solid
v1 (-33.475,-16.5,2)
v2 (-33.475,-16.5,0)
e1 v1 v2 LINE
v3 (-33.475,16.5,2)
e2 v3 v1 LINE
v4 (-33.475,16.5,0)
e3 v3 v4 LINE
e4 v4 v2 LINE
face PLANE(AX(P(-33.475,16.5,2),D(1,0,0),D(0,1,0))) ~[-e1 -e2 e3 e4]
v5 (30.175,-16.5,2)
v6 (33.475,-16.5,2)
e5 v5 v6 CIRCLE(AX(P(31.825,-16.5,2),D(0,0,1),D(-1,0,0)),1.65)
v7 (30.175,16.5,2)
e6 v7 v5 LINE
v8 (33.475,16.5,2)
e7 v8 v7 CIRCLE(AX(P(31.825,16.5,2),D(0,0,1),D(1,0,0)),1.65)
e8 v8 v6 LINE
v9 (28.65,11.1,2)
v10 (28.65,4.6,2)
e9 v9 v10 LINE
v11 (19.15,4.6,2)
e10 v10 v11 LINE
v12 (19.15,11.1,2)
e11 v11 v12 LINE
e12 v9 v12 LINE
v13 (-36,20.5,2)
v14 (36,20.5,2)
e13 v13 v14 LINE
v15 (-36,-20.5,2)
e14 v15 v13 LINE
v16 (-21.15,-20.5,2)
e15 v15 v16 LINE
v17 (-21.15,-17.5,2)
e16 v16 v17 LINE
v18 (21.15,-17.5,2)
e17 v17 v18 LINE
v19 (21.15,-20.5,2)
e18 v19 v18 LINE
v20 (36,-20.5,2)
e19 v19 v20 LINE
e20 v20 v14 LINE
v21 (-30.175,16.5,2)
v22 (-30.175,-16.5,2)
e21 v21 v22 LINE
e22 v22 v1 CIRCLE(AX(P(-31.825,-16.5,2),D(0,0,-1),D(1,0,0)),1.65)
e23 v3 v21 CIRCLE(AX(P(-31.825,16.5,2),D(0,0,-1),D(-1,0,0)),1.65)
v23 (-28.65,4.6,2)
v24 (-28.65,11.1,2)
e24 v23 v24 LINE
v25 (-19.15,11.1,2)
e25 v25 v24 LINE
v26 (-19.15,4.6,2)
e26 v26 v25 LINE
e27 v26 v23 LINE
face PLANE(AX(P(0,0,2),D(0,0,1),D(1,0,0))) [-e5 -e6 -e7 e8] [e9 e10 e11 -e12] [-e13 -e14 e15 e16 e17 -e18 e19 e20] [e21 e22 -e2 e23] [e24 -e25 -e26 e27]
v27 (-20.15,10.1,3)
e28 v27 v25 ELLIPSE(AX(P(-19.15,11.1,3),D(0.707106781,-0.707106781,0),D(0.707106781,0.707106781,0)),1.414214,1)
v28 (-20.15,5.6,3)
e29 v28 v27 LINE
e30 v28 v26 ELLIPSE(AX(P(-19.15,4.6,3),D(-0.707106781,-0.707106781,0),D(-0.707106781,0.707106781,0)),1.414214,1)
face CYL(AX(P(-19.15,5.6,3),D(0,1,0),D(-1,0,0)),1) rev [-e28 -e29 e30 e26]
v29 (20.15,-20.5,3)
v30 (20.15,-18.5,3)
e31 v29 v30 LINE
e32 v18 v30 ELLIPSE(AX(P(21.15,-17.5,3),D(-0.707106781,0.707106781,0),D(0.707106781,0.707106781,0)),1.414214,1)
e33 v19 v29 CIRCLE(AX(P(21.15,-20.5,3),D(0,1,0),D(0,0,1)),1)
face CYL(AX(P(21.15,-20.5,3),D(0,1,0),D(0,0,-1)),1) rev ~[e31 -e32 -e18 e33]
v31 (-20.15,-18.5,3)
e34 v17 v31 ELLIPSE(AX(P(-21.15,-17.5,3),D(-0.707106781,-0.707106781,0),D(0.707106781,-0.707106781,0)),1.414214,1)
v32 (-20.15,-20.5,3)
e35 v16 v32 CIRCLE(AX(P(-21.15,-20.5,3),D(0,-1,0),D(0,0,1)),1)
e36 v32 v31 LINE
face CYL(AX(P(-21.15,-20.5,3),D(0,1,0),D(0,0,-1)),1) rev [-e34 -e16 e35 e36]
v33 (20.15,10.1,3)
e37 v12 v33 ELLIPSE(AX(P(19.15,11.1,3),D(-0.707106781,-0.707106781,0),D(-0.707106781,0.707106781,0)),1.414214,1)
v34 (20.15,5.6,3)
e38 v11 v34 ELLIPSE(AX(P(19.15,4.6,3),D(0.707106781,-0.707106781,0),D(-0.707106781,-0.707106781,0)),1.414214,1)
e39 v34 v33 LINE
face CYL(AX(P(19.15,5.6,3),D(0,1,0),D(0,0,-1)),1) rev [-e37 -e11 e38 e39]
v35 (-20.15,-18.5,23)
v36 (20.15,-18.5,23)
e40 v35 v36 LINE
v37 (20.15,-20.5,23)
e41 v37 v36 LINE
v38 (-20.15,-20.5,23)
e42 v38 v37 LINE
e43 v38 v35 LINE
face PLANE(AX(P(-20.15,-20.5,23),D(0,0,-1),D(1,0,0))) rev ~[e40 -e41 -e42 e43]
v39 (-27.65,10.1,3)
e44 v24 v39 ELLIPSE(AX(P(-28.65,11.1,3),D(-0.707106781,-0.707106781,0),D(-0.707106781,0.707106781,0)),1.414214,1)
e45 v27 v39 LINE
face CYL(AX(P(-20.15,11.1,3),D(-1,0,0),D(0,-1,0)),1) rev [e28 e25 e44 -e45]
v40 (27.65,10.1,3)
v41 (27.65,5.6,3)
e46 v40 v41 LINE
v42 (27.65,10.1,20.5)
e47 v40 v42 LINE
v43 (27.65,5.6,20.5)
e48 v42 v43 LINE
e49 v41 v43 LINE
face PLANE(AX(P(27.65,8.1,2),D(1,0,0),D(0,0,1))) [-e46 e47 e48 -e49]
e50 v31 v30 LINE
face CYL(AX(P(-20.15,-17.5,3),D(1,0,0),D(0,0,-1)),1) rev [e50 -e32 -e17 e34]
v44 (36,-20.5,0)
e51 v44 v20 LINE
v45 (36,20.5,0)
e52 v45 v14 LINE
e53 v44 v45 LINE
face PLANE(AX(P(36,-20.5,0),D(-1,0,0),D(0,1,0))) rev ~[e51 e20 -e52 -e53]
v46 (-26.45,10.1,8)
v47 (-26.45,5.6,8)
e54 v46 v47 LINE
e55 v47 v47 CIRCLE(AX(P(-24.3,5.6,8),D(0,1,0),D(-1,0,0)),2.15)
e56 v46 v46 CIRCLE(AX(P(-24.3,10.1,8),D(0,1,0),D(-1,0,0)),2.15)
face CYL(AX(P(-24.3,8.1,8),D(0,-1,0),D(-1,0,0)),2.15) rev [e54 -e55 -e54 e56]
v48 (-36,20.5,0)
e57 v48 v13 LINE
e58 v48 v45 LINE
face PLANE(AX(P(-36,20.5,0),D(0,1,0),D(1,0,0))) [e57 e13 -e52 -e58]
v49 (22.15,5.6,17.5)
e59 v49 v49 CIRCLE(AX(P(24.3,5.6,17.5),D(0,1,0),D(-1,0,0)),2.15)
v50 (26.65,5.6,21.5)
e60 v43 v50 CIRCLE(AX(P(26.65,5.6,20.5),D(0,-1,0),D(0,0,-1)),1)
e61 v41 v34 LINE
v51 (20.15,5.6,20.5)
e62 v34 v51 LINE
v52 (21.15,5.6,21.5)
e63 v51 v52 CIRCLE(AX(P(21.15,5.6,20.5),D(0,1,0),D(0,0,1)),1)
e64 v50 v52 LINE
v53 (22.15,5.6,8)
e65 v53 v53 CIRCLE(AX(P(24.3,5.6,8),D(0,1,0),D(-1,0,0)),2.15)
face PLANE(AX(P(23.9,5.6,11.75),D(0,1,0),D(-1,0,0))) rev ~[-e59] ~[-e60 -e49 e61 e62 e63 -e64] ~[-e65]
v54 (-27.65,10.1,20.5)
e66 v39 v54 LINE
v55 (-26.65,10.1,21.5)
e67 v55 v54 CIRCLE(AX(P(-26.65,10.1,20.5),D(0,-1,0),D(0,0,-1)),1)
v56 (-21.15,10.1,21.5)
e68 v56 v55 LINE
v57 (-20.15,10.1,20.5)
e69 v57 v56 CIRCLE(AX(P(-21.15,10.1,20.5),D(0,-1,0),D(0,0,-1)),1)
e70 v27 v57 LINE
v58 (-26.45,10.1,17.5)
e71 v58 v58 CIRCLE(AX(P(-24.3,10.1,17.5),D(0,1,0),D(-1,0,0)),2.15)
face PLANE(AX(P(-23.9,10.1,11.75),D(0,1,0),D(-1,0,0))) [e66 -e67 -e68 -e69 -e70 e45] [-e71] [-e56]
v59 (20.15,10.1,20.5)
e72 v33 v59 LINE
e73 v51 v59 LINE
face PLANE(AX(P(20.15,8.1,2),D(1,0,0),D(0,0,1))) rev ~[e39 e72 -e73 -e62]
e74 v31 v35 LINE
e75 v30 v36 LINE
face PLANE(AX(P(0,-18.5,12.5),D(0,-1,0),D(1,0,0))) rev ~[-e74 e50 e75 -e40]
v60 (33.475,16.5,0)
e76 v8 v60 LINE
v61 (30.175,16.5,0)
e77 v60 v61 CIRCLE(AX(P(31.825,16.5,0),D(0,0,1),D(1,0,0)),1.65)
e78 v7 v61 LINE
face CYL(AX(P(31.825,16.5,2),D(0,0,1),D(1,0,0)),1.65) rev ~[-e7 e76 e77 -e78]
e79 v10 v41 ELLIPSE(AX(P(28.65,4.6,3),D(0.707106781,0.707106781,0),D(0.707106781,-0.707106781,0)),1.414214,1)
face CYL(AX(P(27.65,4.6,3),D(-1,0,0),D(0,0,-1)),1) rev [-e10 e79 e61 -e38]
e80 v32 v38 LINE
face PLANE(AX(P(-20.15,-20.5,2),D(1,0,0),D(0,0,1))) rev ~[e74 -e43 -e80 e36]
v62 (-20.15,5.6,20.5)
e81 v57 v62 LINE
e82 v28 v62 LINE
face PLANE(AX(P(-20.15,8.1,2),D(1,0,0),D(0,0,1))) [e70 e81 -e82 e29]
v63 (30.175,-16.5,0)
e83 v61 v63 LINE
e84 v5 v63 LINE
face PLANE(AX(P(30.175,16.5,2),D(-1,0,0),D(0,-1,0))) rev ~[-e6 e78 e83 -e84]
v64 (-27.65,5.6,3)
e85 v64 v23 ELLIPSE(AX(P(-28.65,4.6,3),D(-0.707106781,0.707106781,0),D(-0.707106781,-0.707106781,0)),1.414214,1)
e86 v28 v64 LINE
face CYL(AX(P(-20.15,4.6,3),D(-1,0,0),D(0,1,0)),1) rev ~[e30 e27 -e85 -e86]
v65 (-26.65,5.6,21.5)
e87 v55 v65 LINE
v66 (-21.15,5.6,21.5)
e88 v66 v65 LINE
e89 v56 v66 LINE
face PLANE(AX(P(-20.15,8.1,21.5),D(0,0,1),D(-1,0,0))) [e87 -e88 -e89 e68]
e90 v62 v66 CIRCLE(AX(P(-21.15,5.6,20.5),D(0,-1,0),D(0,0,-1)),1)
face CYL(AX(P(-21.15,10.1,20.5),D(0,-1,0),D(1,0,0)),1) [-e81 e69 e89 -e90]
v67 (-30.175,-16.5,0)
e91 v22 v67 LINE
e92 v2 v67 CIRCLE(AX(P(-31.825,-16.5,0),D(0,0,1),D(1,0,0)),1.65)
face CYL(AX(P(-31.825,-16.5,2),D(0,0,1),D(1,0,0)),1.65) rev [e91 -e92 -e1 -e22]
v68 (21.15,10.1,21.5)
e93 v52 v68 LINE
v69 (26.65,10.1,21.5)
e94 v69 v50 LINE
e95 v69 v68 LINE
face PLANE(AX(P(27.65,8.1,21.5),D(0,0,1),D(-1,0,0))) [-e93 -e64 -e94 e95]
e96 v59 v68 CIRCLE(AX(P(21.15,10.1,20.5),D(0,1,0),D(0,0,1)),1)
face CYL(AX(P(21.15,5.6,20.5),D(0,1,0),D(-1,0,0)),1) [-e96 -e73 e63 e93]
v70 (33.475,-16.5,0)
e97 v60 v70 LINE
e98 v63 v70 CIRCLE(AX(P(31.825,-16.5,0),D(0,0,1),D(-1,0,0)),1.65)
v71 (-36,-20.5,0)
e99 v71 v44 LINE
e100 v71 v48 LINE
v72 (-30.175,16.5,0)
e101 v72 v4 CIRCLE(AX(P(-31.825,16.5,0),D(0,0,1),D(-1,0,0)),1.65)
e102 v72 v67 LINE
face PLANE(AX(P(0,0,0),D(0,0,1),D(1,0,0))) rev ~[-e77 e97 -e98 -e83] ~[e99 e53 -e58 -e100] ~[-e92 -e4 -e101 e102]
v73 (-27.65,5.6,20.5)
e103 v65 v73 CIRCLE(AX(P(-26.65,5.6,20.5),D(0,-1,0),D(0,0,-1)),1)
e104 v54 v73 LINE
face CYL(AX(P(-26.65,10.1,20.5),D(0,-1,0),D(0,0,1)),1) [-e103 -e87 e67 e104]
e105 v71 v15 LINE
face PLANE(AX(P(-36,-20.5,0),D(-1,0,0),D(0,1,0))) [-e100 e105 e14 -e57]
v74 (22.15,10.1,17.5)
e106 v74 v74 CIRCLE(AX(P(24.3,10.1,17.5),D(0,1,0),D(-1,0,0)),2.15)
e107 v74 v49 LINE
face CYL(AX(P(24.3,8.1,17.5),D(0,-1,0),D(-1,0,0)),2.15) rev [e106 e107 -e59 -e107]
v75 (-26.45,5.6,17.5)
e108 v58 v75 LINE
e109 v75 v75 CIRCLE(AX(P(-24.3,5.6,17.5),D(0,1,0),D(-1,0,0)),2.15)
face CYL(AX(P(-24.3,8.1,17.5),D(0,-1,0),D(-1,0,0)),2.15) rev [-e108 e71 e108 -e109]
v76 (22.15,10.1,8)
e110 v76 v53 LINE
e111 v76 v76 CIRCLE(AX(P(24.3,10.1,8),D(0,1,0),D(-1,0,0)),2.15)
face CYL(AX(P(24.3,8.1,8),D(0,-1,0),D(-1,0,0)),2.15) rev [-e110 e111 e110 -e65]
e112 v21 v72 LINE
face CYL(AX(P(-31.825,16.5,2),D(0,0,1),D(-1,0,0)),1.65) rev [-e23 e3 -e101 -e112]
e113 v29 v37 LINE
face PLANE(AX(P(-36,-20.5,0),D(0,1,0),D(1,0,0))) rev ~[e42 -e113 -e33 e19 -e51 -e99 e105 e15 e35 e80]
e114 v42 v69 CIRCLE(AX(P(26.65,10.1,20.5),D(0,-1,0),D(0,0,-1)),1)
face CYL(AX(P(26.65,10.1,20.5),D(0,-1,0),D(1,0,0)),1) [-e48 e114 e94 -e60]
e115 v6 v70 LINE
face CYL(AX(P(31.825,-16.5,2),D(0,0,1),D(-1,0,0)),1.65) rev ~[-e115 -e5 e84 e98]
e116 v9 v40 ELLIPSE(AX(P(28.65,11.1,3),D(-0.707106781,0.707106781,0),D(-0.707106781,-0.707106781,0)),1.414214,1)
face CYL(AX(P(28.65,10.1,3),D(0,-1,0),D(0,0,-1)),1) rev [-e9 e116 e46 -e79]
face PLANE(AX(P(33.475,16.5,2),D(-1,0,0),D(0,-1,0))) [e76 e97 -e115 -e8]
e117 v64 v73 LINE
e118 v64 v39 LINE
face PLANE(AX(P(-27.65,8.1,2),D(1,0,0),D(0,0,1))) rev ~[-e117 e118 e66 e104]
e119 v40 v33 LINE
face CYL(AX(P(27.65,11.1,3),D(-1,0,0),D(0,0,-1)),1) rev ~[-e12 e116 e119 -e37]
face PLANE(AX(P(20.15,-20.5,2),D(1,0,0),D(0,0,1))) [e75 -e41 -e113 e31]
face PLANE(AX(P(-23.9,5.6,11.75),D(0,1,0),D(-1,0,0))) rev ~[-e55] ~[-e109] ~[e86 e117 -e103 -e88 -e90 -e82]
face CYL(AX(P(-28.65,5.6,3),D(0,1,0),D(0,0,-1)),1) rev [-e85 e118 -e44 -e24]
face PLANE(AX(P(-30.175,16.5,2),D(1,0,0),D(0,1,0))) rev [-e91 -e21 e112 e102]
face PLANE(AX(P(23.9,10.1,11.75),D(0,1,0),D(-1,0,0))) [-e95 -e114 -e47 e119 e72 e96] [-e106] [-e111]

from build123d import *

# Parameters (mm, degrees)
SKETCH_W          = 72
SKETCH_H          = 41
PAD_DEPTH         = 2
SKETCH001_W       = 40.3
SKETCH001_H       = 21
PAD001_DEPTH      = 2
SKETCH002_W       = 7.5
SKETCH002_H       = 19.5
SKETCH002_R       = 2.15
PAD002_DEPTH      = 2.5
PAD002_DEPTH_BACK = -2
POCKET_DEPTH      = 173.977743
FILLET_R          = 1


with BuildPart() as part:
    # Sketch → Pad (new body)
    with BuildSketch(Plane.XY):
        Rectangle(SKETCH_W, SKETCH_H)
    extrude(amount=PAD_DEPTH)

    # Sketch001 (on Face2 of Pad) → Pad001 (join)
    with BuildSketch(Plane.XZ.offset(20.5)):
        with Locations((0, 12.5)):
            Rectangle(SKETCH001_W, SKETCH001_H)
    extrude(amount=-PAD001_DEPTH)

    # Sketch002 (on DatumPlane) → Pad002 (join, two sides)
    with BuildSketch(Plane(origin=(0, 8.1, 0), x_dir=(-1, 0, 0), z_dir=(0, 1, 0))) as pad002_sk:
        with Locations((23.9, 11.75)):
            Rectangle(SKETCH002_W, SKETCH002_H)
        with Locations((24.3, 17.5)):
            Circle(SKETCH002_R, mode=Mode.SUBTRACT)
        with Locations((24.3, 8)):
            Circle(SKETCH002_R, mode=Mode.SUBTRACT)
        with Locations((-23.9, 11.75)):
            Rectangle(SKETCH002_W, SKETCH002_H)
        with Locations((-24.3, 17.5)):
            Circle(SKETCH002_R, mode=Mode.SUBTRACT)
        with Locations((-24.3, 8)):
            Circle(SKETCH002_R, mode=Mode.SUBTRACT)
    extrude(amount=-PAD002_DEPTH)
    extrude(pad002_sk.sketch, amount=-PAD002_DEPTH_BACK)

    # Sketch003 (on Face5 of Pad002) → Pocket (cut, through all)
    with BuildSketch(Plane.XY.offset(2)):
        with BuildLine():
            ThreePointArc((33.475, 16.5), (31.825, 18.15), (30.175, 16.5))
            Line((30.175, 16.5), (30.175, -16.5))
            ThreePointArc((30.175, -16.5), (31.825, -18.15), (33.475, -16.5))
            Line((33.475, 16.5), (33.475, -16.5))
        make_face()
    pocket = extrude(amount=-POCKET_DEPTH, mode=Mode.SUBTRACT)

    # Mirrored: Pocket across YZ
    add(pocket.mirror(Plane.YZ), mode=Mode.SUBTRACT)

    # Fillet
    fillet_edges = [part.edges().sort_by_distance(p)[0] for p in [
        (-20.15, 7.85, 2),
        (-23.9, 5.6, 2),
        (-27.65, 7.85, 2),
        (-23.9, 10.1, 2),
        (-20.15, 7.85, 21.5),
        (-27.65, 7.85, 21.5),
        (20.15, 7.85, 21.5),
        (27.65, 7.85, 21.5),
        (27.65, 7.85, 2),
        (23.9, 5.6, 2),
        (23.9, 10.1, 2),
        (20.15, 7.85, 2),
        (20.15, -19.5, 2),
        (0, -18.5, 2),
        (-20.15, -19.5, 2),
    ]]
    fillet(fillet_edges, radius=FILLET_R)


solid = part.part
